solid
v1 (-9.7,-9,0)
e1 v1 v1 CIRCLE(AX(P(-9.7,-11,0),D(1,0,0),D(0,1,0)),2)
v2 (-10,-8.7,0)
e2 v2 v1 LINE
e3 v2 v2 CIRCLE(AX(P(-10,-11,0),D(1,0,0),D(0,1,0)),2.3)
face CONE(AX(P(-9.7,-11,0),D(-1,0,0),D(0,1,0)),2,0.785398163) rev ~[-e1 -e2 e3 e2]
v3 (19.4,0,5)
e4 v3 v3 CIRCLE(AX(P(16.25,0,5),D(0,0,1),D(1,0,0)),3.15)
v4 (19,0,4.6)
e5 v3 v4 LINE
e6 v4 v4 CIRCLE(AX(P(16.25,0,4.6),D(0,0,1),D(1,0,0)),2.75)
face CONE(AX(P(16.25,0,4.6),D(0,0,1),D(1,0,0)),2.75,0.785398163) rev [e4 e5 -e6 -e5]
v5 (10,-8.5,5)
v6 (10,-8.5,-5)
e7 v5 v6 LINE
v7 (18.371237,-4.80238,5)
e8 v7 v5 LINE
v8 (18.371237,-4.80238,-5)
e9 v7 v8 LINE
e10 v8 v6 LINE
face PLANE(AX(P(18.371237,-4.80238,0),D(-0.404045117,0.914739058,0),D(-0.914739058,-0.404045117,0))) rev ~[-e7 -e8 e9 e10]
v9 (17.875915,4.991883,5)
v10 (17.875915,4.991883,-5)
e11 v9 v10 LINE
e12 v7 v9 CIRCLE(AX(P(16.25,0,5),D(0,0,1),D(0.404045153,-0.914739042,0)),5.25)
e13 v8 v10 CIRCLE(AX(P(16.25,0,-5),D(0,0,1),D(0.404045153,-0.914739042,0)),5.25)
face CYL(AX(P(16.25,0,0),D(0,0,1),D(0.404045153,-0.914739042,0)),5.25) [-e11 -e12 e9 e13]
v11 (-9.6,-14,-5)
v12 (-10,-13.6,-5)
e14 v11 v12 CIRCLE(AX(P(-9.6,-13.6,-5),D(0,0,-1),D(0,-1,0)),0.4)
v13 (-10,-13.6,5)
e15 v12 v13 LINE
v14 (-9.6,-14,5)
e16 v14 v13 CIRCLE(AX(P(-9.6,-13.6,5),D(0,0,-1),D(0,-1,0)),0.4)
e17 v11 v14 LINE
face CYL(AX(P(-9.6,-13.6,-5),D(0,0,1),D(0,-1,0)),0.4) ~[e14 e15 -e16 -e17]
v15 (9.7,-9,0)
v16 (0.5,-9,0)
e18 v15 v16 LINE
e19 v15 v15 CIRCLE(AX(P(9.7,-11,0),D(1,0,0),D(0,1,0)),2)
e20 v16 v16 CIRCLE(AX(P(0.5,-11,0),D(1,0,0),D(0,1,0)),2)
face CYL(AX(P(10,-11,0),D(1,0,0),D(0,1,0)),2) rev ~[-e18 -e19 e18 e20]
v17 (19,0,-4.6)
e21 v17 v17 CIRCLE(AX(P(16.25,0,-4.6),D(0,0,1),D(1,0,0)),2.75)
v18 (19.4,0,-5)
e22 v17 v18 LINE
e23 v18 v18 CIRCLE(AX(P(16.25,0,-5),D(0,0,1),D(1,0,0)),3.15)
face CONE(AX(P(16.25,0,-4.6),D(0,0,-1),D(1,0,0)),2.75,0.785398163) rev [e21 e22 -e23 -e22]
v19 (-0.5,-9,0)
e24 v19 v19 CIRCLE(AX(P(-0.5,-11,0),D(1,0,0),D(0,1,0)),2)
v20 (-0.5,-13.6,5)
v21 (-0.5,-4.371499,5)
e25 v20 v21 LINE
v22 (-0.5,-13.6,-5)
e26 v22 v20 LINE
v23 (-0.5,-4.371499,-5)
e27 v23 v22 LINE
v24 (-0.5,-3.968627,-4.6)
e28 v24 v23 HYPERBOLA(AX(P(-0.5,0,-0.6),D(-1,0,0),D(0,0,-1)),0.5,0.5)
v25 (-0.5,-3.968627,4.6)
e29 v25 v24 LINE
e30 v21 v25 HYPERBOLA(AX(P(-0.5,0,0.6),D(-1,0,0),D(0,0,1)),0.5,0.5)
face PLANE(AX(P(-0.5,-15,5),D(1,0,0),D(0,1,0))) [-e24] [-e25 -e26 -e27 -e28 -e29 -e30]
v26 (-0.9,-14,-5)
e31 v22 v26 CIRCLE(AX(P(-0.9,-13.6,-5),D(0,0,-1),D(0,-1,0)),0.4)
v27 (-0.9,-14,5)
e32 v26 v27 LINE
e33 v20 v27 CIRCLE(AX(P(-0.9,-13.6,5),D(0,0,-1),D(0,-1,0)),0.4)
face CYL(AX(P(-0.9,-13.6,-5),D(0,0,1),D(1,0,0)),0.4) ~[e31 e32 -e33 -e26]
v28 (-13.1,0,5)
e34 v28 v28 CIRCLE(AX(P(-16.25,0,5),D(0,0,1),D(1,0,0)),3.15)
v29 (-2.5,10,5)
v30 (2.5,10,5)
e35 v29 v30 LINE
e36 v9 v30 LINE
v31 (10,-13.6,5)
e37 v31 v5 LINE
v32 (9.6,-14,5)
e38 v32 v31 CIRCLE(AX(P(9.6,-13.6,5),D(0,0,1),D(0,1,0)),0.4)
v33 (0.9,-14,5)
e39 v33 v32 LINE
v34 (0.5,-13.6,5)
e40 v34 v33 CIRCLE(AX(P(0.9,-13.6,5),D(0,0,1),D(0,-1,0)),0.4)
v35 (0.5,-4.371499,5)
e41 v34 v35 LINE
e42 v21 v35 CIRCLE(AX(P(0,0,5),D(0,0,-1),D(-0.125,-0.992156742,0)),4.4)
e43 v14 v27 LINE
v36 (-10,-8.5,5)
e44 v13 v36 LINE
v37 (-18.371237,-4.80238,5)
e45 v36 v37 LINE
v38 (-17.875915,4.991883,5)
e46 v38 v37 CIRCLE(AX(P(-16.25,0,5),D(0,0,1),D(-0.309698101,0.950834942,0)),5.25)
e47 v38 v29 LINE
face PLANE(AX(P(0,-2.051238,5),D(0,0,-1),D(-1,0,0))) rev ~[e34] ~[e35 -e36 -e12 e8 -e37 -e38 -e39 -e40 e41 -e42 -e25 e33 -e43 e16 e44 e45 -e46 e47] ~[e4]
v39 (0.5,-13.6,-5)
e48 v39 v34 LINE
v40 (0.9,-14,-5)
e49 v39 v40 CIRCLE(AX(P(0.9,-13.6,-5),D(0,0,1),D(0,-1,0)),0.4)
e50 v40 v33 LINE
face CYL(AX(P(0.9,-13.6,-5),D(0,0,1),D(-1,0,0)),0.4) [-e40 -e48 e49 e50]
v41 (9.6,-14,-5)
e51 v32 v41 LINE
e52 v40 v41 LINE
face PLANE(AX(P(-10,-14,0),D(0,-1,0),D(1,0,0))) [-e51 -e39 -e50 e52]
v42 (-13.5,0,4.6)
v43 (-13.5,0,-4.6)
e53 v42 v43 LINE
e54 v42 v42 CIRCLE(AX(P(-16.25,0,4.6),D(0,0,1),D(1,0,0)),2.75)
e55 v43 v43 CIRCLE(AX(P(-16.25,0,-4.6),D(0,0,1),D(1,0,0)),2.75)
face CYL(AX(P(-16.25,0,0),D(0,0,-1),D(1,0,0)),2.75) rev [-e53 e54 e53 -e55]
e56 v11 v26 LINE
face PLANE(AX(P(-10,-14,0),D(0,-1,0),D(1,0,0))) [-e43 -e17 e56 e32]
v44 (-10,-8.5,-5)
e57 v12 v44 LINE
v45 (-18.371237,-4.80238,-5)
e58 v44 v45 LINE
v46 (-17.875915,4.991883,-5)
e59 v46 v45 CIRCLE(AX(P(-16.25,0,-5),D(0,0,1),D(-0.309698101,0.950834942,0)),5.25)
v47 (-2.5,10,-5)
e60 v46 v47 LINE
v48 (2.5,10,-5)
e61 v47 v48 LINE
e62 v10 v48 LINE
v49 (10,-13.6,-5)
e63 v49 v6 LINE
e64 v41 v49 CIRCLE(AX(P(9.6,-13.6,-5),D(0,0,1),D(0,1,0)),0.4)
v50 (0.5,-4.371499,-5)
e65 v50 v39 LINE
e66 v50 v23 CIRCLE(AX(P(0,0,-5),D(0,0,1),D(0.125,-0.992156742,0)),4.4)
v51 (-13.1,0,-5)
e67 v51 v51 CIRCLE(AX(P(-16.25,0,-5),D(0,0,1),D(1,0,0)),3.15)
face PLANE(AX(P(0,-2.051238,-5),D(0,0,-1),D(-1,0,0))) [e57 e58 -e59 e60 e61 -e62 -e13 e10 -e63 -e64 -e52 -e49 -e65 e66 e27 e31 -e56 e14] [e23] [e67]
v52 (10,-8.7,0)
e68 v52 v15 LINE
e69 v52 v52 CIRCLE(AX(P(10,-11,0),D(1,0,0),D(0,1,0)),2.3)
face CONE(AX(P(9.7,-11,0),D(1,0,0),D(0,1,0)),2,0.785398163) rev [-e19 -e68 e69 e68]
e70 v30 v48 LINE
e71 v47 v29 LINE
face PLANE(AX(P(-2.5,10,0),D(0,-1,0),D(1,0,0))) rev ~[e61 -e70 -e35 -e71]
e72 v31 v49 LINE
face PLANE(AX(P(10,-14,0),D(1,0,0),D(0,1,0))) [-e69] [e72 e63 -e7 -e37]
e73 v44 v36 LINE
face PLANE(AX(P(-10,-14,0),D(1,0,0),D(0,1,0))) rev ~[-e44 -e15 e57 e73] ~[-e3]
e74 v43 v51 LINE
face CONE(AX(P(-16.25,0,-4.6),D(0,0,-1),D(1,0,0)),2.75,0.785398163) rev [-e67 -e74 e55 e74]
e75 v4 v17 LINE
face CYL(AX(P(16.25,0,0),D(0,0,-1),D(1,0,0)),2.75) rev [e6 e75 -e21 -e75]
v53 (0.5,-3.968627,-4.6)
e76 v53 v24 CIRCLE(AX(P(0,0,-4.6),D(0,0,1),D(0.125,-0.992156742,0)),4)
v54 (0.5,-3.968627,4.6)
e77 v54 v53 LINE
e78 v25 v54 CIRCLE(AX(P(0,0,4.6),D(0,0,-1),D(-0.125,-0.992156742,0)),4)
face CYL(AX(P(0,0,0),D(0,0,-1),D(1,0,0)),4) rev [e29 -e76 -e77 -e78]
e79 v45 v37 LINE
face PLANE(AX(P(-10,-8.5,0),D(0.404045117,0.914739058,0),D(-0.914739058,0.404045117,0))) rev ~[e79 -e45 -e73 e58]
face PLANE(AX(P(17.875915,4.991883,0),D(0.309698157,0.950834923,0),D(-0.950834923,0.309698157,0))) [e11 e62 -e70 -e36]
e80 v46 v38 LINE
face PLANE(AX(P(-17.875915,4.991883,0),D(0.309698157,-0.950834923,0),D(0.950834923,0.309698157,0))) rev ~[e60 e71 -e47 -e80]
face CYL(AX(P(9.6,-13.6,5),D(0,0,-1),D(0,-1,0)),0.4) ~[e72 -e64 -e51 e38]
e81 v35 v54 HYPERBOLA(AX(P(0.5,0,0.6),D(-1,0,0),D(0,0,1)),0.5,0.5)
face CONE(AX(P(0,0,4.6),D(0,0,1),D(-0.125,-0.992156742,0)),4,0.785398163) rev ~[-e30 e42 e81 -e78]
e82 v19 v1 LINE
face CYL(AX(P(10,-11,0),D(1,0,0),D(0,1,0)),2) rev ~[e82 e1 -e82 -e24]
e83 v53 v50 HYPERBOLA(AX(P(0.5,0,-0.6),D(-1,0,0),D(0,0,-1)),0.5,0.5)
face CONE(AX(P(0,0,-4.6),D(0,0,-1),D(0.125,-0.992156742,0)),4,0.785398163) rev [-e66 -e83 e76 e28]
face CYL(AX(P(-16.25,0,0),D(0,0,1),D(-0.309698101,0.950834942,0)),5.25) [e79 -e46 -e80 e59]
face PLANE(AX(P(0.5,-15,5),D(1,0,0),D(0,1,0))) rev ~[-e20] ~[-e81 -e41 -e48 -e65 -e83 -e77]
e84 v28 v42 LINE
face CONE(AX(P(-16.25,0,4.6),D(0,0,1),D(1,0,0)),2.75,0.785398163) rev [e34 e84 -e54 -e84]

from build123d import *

# Parameters (mm, degrees)
SKETCH_R        = 4
SKETCH_R_2      = 2.75
PAD_DEPTH       = 5
SKETCH001_W     = 1
SKETCH001_H     = 12
POCKET_DEPTH    = 10.001
CHAMFER_SIZE    = 0.4
FILLET_R        = 0.4
SKETCH002_R     = 2
POCKET001_DEPTH = 31.501
CHAMFER001_SIZE = 0.3


with BuildPart() as part:
    # Sketch → Pad (new body, symmetric)
    with BuildSketch(Plane.XY):
        with BuildLine():
            Line((-2.5, 10), (2.5, 10))
            Line((17.875915, 4.991883), (2.5, 10))
            ThreePointArc((18.371237, -4.80238), (21.493299, 0.265167), (17.875915, 4.991883))
            Line((18.371237, -4.80238), (10, -8.5))
            Line((10, -14), (10, -8.5))
            Line((-10, -14), (10, -14))
            Line((-10, -14), (-10, -8.5))
            Line((-10, -8.5), (-18.371237, -4.80238))
            ThreePointArc((-17.875915, 4.991883), (-21.493299, 0.265167), (-18.371237, -4.80238))
            Line((-17.875915, 4.991883), (-2.5, 10))
        make_face()
        Circle(SKETCH_R, mode=Mode.SUBTRACT)
        with Locations((16.25, 0)):
            Circle(SKETCH_R_2, mode=Mode.SUBTRACT)
        with Locations((-16.25, 0)):
            Circle(SKETCH_R_2, mode=Mode.SUBTRACT)
    extrude(amount=PAD_DEPTH, both=True)

    # Sketch001 (on Face15 of Pad) → Pocket (cut, through all)
    with BuildSketch(Plane.XY.offset(5)):
        with Locations((0, -9)):
            Rectangle(SKETCH001_W, SKETCH001_H)
    extrude(amount=-POCKET_DEPTH, mode=Mode.SUBTRACT)

    # Chamfer
    chamfer_edges = [part.edges().sort_by_distance(p)[0] for p in [
        (-19, 0, 5),
        (13.5, 0, 5),
        (-19, 0, -5),
        (13.5, 0, -5),
        (-2.645751, 3, -5),
        (-2.645751, 3, 5),
    ]]
    chamfer(chamfer_edges, length=CHAMFER_SIZE)

    # Fillet
    fillet_edges = [part.edges().sort_by_distance(p)[0] for p in [
        (10, -14, 0),
        (0.5, -14, 0),
        (-0.5, -14, 0),
        (-10, -14, 0),
    ]]
    fillet(fillet_edges, radius=FILLET_R)

    # Sketch002 (on Face16 of Fillet) → Pocket001 (cut, through all)
    with BuildSketch(Plane.YZ.offset(10)):
        with Locations((-11, 0)):
            Circle(SKETCH002_R)
    extrude(amount=-POCKET001_DEPTH, mode=Mode.SUBTRACT)

    # Chamfer001
    chamfer001_edges = [part.edges().sort_by_distance(p)[0] for p in [
        (10, -13, 0),
        (-10, -13, 0),
    ]]
    chamfer(chamfer001_edges, length=CHAMFER001_SIZE)


solid = part.part
